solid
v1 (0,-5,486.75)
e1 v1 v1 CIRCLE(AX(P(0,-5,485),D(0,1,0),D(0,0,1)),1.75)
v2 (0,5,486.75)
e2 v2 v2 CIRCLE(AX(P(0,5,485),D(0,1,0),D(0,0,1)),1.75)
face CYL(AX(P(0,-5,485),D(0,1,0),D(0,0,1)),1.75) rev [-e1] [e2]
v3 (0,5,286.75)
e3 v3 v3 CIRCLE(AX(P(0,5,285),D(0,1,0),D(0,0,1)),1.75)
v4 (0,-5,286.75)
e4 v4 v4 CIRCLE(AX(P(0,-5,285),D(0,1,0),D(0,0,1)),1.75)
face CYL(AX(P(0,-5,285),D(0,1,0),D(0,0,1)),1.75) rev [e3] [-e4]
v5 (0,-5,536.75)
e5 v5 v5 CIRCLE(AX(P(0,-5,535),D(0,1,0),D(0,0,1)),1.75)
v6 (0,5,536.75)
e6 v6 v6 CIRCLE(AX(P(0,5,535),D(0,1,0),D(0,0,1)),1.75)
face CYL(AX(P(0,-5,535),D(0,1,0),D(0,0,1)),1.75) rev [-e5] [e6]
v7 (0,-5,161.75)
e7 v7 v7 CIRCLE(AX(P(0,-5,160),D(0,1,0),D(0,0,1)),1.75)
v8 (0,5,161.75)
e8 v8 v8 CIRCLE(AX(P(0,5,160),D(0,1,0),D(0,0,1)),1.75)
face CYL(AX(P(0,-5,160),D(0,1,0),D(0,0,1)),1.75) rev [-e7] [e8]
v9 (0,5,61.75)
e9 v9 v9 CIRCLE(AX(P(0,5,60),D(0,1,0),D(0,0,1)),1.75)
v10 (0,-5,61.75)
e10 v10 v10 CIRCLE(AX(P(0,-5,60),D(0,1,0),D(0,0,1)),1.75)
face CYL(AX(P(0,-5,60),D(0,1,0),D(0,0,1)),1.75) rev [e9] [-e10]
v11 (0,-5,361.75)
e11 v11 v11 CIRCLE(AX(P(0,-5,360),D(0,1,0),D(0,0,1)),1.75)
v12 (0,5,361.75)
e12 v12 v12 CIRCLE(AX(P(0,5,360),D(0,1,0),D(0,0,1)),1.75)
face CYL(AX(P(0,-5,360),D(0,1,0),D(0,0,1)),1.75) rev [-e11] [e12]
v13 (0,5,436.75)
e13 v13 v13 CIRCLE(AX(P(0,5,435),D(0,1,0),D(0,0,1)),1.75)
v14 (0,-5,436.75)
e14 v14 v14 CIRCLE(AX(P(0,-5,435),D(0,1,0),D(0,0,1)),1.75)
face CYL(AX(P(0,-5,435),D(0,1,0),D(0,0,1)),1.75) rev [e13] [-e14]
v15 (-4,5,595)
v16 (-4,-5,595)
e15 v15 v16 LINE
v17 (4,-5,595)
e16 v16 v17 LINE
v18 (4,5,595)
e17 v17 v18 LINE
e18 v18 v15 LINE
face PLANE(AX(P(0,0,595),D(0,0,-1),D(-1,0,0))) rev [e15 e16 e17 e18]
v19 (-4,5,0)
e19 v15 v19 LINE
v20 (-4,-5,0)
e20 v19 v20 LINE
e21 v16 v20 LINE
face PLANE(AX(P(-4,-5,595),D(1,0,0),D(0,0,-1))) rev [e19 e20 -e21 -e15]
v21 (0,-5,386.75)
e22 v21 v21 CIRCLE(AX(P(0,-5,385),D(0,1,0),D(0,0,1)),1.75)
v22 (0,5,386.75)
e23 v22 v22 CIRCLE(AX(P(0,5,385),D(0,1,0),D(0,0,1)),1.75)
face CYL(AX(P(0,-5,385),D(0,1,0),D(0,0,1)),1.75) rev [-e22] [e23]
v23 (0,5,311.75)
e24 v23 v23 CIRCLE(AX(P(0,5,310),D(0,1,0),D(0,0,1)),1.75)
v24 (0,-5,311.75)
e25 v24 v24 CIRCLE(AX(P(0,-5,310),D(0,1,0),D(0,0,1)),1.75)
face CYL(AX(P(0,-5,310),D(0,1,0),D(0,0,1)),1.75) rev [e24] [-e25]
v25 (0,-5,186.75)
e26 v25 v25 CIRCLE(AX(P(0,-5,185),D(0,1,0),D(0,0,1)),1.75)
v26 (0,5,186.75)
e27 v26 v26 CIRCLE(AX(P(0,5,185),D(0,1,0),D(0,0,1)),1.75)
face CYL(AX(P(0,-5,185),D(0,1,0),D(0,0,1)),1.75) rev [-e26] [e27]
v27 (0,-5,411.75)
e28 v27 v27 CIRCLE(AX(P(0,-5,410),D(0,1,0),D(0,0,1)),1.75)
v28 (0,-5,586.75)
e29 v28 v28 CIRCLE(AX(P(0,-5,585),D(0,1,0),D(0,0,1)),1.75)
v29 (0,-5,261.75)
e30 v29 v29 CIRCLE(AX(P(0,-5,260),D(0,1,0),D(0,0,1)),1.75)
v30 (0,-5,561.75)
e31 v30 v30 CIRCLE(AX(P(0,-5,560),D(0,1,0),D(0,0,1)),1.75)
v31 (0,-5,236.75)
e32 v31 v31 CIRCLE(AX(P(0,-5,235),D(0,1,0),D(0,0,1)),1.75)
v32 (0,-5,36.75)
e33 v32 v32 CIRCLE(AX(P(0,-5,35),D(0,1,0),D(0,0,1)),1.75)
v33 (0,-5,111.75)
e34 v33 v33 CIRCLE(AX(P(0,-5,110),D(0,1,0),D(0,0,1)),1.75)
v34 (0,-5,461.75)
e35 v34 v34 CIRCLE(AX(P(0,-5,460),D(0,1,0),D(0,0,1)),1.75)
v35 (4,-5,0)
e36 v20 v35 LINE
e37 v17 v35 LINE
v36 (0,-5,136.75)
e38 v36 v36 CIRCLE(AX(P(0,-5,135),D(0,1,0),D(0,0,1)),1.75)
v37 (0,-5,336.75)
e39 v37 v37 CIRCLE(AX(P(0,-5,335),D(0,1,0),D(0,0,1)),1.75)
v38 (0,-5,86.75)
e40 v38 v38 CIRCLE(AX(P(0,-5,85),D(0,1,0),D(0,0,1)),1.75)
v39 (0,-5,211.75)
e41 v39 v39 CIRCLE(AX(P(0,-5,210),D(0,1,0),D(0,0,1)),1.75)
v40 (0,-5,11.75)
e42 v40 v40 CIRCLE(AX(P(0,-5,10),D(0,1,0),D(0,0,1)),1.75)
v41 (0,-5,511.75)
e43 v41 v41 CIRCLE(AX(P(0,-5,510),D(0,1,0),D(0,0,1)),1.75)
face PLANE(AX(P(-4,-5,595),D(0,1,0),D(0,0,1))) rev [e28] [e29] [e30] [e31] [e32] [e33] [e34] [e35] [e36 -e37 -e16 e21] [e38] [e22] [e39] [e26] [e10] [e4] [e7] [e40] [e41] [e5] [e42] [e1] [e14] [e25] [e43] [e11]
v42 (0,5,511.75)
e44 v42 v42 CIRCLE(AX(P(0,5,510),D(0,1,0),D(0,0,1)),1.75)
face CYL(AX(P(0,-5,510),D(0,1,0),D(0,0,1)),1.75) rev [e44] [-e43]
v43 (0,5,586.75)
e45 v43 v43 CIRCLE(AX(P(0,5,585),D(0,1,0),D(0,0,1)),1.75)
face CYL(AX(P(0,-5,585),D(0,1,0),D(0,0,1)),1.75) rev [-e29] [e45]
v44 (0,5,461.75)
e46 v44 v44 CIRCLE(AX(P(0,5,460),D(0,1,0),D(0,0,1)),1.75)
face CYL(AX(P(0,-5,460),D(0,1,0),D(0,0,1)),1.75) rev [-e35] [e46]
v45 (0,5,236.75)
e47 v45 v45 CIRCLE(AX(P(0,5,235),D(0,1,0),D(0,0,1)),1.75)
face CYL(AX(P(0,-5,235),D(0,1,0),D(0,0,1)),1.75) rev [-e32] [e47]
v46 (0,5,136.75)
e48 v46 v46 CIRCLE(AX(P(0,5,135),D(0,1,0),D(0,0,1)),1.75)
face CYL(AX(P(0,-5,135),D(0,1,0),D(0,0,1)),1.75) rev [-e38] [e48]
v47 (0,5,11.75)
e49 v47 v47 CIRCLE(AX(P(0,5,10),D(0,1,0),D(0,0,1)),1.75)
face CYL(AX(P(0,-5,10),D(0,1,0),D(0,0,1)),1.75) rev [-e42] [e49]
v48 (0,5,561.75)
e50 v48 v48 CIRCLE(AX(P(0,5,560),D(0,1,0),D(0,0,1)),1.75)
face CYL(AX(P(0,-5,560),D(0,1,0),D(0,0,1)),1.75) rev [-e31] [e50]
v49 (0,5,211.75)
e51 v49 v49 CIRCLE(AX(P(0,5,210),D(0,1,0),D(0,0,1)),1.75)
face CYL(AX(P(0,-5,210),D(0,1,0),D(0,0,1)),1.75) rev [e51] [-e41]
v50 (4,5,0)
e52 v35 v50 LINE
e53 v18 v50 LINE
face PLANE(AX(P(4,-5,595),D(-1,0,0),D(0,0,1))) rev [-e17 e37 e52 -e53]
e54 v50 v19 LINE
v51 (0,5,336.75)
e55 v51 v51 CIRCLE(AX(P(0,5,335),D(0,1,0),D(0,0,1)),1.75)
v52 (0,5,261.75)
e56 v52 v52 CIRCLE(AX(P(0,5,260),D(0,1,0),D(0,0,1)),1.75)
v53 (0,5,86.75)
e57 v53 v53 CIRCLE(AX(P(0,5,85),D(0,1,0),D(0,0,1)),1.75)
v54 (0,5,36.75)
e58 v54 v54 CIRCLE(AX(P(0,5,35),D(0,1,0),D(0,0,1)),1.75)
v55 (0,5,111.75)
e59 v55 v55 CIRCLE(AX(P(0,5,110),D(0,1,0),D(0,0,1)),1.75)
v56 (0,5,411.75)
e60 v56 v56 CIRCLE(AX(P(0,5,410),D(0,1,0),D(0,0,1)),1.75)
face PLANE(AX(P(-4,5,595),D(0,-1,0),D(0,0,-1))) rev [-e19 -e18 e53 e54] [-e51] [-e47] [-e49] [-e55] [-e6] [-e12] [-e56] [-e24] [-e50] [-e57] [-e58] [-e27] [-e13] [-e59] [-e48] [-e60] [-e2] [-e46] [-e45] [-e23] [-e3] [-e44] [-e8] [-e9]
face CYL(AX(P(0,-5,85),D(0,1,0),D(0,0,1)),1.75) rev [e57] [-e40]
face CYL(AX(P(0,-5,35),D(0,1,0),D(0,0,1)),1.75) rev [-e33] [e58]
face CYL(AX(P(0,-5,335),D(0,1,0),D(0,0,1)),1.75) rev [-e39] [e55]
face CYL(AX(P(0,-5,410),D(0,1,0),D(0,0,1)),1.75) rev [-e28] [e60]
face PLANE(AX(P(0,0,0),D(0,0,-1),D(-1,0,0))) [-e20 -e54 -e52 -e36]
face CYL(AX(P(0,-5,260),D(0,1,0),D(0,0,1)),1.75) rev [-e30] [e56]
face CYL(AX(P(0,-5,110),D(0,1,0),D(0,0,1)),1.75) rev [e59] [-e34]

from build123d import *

# Parameters (mm, degrees)
SKETCH1_W           = 8
SKETCH1_H           = 10
BOSS_EXTRUDE1_DEPTH = 595
SKETCH2_R           = 1.75
CUT_EXTRUDE1_DEPTH  = 596.097471008
LPATTERN1_COUNT     = 24
LPATTERN1_PITCH     = 25


with BuildPart() as part:
    # Sketch1 → Boss-Extrude1 (new body)
    with BuildSketch(Plane.XY):
        Rectangle(SKETCH1_W, SKETCH1_H)
    extrude(amount=BOSS_EXTRUDE1_DEPTH)

    # Sketch2 → Cut-Extrude1 (cut, through all)
    with BuildSketch(Plane(origin=(0, 5, 0), x_dir=(1, 0, 0), z_dir=(0, 1, 0))):
        with Locations(Location((0, -10, 0), (0, 0, 270))):
            Circle(SKETCH2_R)
    cut_extrude1 = extrude(amount=-CUT_EXTRUDE1_DEPTH, mode=Mode.SUBTRACT)

    # LPattern1: Cut-Extrude1 ×24
    with Locations(*[(0, 0, i * LPATTERN1_PITCH) for i in range(1, LPATTERN1_COUNT)]):
        add(cut_extrude1, mode=Mode.SUBTRACT)


solid = part.part
